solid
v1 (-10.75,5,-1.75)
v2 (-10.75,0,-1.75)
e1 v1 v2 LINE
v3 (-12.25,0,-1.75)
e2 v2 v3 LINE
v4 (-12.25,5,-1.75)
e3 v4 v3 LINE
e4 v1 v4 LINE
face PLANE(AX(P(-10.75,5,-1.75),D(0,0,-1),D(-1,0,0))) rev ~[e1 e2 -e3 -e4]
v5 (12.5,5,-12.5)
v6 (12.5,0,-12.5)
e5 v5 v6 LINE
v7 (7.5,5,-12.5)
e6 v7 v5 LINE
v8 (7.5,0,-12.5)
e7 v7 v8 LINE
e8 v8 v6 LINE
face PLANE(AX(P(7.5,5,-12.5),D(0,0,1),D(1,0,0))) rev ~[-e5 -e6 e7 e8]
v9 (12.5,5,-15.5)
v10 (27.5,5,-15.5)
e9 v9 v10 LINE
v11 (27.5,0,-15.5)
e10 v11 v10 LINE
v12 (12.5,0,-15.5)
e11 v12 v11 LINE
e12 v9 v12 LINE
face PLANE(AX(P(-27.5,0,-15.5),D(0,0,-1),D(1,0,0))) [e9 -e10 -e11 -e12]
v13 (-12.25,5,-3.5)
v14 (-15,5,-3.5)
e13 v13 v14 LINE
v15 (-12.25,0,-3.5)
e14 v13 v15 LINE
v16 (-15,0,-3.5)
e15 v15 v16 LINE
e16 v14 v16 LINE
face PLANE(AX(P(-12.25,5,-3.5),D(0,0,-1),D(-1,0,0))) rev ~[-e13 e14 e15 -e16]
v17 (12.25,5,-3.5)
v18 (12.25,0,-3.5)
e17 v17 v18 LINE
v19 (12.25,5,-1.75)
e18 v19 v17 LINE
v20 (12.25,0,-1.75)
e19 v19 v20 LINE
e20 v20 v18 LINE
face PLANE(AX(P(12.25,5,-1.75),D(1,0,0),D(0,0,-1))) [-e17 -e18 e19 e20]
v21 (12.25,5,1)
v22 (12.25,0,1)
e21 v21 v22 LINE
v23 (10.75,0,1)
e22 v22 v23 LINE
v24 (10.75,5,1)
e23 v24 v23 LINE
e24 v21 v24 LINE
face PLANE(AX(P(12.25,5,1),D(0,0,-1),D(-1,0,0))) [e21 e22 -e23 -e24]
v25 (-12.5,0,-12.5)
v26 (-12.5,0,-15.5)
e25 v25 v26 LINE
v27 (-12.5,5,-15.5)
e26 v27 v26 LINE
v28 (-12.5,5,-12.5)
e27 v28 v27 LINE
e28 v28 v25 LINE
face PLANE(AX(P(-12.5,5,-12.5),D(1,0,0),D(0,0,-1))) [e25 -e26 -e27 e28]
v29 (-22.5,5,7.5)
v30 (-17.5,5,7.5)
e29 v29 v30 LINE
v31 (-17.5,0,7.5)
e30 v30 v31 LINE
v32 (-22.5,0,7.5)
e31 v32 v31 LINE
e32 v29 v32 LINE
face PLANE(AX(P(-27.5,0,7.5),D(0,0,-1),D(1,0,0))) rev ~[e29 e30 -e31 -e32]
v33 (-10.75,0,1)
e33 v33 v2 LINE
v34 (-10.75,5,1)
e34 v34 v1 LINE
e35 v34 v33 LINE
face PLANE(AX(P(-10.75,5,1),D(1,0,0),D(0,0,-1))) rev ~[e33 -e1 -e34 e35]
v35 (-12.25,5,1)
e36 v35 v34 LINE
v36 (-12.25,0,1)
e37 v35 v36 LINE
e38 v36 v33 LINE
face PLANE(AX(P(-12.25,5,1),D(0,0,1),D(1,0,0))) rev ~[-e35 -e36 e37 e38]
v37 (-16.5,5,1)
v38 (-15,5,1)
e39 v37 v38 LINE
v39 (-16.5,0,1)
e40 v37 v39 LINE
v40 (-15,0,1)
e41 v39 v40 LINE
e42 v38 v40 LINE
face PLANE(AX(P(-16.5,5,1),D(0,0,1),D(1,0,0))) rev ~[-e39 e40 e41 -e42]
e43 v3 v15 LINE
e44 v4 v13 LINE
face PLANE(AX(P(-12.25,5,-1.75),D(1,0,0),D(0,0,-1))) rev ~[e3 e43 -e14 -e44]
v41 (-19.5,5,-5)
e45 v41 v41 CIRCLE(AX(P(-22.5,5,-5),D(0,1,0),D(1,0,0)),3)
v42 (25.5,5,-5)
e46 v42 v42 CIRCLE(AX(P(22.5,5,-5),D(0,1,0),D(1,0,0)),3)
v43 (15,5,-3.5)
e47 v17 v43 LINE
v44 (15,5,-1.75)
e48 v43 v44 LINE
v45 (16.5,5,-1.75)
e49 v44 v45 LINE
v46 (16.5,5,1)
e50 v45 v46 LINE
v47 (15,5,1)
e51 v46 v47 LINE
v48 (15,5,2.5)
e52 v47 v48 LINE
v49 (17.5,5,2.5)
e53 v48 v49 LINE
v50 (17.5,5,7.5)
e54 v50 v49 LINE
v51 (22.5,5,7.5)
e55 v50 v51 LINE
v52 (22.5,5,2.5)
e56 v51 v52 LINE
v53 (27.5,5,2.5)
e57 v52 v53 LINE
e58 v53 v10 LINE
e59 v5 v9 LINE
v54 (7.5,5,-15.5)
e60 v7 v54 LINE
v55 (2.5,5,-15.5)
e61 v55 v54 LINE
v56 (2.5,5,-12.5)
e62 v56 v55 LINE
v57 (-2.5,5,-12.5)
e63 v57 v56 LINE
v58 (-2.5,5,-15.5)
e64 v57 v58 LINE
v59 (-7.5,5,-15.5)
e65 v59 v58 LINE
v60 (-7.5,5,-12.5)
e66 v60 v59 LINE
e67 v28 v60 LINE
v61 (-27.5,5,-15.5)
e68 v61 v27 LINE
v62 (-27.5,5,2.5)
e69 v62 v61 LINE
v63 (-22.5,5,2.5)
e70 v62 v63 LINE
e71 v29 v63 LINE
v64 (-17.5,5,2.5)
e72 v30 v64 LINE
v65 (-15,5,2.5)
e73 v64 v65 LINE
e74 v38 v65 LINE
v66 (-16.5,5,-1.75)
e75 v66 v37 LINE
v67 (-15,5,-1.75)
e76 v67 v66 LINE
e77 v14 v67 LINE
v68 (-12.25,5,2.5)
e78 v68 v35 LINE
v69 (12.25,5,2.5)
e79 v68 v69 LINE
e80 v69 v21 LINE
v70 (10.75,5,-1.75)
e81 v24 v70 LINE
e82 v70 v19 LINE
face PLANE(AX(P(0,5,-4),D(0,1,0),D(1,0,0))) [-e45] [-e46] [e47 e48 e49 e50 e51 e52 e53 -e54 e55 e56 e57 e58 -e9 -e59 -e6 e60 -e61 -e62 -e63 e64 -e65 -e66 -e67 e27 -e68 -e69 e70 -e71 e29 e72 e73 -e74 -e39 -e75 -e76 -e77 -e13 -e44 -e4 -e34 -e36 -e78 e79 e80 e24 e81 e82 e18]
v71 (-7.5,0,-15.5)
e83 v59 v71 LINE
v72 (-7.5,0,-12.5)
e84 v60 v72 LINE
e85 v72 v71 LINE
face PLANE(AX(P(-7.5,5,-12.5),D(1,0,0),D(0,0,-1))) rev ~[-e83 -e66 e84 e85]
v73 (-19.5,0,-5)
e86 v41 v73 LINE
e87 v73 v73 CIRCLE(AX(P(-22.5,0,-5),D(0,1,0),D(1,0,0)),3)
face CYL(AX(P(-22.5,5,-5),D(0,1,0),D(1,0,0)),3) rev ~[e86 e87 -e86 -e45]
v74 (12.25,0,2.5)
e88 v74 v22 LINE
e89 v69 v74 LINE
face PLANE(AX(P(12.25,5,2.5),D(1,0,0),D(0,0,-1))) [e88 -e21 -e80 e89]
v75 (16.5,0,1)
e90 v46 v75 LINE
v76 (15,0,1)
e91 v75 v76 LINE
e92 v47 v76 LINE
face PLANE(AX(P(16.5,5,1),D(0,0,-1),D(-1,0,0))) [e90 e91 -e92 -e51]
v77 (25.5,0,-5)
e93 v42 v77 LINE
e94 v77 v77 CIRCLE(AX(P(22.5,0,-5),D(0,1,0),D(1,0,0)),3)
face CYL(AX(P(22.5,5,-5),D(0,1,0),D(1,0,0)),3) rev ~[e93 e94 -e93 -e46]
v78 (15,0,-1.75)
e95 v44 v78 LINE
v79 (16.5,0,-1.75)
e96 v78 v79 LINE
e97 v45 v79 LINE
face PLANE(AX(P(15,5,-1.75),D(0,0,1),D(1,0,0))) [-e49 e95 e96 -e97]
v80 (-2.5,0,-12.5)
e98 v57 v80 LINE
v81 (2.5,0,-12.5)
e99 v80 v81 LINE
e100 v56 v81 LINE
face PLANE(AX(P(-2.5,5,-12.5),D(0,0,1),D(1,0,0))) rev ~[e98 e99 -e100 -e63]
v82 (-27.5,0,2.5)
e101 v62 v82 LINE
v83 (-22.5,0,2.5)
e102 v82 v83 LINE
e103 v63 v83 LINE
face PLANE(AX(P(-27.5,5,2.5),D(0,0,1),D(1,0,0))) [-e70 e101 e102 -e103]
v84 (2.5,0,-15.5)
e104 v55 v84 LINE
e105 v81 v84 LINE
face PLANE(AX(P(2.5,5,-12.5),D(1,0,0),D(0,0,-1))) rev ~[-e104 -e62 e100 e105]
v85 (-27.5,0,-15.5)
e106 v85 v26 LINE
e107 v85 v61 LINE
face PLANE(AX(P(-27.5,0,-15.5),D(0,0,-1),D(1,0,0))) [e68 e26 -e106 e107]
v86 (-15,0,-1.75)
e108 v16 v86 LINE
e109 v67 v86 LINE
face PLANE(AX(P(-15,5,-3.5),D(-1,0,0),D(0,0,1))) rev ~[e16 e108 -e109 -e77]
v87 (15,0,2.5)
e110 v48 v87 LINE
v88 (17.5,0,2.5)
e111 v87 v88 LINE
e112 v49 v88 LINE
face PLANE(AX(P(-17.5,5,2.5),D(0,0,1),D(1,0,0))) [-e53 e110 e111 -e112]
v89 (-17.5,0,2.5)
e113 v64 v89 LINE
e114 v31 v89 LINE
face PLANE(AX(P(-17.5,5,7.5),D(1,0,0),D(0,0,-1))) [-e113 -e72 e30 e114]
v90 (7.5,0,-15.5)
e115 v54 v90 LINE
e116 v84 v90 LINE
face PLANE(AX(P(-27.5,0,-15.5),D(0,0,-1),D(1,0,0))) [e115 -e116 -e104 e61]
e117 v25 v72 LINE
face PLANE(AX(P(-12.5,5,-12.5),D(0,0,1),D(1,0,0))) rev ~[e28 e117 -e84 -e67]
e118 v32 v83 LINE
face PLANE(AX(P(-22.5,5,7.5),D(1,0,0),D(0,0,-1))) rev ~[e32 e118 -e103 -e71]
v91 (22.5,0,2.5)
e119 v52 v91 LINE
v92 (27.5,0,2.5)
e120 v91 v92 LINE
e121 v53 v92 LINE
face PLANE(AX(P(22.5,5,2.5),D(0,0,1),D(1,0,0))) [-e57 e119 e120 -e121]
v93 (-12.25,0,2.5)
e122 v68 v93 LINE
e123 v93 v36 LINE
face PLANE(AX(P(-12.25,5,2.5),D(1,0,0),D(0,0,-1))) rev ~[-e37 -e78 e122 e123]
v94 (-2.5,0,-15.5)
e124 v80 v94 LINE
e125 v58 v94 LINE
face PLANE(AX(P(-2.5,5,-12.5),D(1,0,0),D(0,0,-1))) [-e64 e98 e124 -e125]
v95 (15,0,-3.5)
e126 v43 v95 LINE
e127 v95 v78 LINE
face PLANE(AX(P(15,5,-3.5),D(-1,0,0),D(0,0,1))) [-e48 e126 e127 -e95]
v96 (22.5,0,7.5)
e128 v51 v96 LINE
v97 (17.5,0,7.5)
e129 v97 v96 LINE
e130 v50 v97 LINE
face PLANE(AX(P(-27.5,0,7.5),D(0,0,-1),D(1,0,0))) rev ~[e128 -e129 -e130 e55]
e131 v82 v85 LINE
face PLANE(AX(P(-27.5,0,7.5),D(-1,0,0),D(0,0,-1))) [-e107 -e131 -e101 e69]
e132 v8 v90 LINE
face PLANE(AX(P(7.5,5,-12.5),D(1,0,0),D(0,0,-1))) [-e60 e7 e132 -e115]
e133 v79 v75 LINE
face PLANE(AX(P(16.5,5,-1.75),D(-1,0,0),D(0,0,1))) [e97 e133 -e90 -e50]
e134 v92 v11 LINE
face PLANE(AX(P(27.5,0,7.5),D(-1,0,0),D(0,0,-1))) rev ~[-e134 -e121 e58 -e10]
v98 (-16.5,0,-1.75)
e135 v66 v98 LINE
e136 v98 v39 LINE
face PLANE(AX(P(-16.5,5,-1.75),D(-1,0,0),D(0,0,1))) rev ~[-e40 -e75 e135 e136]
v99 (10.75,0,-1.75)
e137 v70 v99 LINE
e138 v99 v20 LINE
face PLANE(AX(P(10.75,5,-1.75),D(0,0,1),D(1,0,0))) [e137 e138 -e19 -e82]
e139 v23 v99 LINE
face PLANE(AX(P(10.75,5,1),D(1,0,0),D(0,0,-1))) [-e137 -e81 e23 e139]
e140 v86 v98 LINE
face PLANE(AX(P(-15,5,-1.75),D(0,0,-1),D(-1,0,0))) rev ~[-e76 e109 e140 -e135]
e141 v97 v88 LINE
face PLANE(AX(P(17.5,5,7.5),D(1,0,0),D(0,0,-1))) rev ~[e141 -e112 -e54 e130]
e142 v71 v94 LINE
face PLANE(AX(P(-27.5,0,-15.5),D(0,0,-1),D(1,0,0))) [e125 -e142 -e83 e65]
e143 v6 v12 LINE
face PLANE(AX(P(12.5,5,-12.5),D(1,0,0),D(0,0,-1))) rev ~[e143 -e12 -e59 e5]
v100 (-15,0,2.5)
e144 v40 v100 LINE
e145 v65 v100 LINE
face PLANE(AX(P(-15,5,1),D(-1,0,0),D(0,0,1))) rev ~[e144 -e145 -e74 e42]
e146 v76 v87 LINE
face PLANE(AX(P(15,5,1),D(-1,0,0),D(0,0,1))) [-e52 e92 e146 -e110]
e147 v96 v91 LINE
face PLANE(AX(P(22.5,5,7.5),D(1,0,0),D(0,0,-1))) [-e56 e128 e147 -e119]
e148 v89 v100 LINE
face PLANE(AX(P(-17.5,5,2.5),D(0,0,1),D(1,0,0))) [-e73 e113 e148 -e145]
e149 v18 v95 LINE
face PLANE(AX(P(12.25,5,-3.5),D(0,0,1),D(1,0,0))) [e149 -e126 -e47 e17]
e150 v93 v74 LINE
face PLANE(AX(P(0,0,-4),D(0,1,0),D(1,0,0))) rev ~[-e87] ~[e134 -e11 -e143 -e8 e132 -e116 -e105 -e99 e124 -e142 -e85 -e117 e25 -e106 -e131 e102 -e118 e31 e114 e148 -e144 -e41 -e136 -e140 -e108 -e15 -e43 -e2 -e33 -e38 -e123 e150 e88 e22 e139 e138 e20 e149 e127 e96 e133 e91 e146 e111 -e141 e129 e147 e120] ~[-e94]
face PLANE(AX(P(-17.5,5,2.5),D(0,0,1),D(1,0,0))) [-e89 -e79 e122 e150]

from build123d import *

# Parameters (mm, degrees)
ESQUISSE1_W             = 55
ESQUISSE1_H             = 23
BOSS_EXTRU_1_DEPTH      = 5
ESQUISSE2_R             = 3
ENL_V_MAT_EXTRU_1_DEPTH = 5
ENL_V_MAT_EXTRU_2_DEPTH = 10
ESQUISSE5_W             = 5
ESQUISSE5_H             = 5
ESQUISSE5_W_2           = 35
ENL_V_MAT_EXTRU_3_DEPTH = 6
ESQUISSE7_W             = 5
ESQUISSE7_H             = 3
ENL_V_MAT_EXTRU_4_DEPTH = 6


with BuildPart() as part:
    # Esquisse1 → Boss.-Extru.1 (new body)
    with BuildSketch(Plane(origin=(0, 0, 0), x_dir=(1, 0, 0), z_dir=(0, 1, 0))):
        with Locations((0, 4)):
            Rectangle(ESQUISSE1_W, ESQUISSE1_H)
    extrude(amount=BOSS_EXTRU_1_DEPTH)

    # Esquisse2 → Enlèv. mat.-Extru.1 (cut)
    with BuildSketch(Plane(origin=(0, 5, 0), x_dir=(1, 0, 0), z_dir=(0, 1, 0))):
        with Locations((-22.5, 5)):
            Circle(ESQUISSE2_R)
        with Locations((22.5, 5)):
            Circle(ESQUISSE2_R)
    extrude(amount=-ENL_V_MAT_EXTRU_1_DEPTH, mode=Mode.SUBTRACT)

    # Esquisse4 → Enlèv. mat.-Extru.2 (cut)
    with BuildSketch(Plane(origin=(0, 5, 0), x_dir=(1, 0, 0), z_dir=(0, 1, 0))):
        Polygon((-15, 3.5), (-15, 1.75), (-16.5, 1.75), (-16.5, -1), (-15, -1), (-15, -2.5), (-12.25, -2.5), (-12.25, -1), (-10.75, -1), (-10.75, 1.75), (-12.25, 1.75), (-12.25, 3.5), align=None)
        Polygon((12.25, 3.5), (15, 3.5), (15, 1.75), (16.5, 1.75), (16.5, -1), (15, -1), (15, -2.5), (12.25, -2.5), (12.25, -1), (10.75, -1), (10.75, 1.75), (12.25, 1.75), align=None)
    extrude(amount=-ENL_V_MAT_EXTRU_2_DEPTH, mode=Mode.SUBTRACT)

    # Esquisse5 → Enlèv. mat.-Extru.3 (cut, through all)
    with BuildSketch(Plane(origin=(0, 5, 0), x_dir=(1, 0, 0), z_dir=(0, 1, 0))):
        with Locations((-25, -5)):
            Rectangle(ESQUISSE5_W, ESQUISSE5_H)
        with Locations((0, -5)):
            Rectangle(ESQUISSE5_W_2, ESQUISSE5_H)
        with Locations((25, -5)):
            Rectangle(ESQUISSE5_W, ESQUISSE5_H)
    extrude(amount=-ENL_V_MAT_EXTRU_3_DEPTH, mode=Mode.SUBTRACT)

    # Esquisse7 → Enlèv. mat.-Extru.4 (cut, through all)
    with BuildSketch(Plane(origin=(0, 5, 0), x_dir=(1, 0, 0), z_dir=(0, 1, 0))):
        with Locations((0, 14)):
            Rectangle(ESQUISSE7_W, ESQUISSE7_H)
        with Locations((10, 14)):
            Rectangle(ESQUISSE7_W, ESQUISSE7_H)
        with Locations((-10, 14)):
            Rectangle(ESQUISSE7_W, ESQUISSE7_H)
    extrude(amount=-ENL_V_MAT_EXTRU_4_DEPTH, mode=Mode.SUBTRACT)


solid = part.part
